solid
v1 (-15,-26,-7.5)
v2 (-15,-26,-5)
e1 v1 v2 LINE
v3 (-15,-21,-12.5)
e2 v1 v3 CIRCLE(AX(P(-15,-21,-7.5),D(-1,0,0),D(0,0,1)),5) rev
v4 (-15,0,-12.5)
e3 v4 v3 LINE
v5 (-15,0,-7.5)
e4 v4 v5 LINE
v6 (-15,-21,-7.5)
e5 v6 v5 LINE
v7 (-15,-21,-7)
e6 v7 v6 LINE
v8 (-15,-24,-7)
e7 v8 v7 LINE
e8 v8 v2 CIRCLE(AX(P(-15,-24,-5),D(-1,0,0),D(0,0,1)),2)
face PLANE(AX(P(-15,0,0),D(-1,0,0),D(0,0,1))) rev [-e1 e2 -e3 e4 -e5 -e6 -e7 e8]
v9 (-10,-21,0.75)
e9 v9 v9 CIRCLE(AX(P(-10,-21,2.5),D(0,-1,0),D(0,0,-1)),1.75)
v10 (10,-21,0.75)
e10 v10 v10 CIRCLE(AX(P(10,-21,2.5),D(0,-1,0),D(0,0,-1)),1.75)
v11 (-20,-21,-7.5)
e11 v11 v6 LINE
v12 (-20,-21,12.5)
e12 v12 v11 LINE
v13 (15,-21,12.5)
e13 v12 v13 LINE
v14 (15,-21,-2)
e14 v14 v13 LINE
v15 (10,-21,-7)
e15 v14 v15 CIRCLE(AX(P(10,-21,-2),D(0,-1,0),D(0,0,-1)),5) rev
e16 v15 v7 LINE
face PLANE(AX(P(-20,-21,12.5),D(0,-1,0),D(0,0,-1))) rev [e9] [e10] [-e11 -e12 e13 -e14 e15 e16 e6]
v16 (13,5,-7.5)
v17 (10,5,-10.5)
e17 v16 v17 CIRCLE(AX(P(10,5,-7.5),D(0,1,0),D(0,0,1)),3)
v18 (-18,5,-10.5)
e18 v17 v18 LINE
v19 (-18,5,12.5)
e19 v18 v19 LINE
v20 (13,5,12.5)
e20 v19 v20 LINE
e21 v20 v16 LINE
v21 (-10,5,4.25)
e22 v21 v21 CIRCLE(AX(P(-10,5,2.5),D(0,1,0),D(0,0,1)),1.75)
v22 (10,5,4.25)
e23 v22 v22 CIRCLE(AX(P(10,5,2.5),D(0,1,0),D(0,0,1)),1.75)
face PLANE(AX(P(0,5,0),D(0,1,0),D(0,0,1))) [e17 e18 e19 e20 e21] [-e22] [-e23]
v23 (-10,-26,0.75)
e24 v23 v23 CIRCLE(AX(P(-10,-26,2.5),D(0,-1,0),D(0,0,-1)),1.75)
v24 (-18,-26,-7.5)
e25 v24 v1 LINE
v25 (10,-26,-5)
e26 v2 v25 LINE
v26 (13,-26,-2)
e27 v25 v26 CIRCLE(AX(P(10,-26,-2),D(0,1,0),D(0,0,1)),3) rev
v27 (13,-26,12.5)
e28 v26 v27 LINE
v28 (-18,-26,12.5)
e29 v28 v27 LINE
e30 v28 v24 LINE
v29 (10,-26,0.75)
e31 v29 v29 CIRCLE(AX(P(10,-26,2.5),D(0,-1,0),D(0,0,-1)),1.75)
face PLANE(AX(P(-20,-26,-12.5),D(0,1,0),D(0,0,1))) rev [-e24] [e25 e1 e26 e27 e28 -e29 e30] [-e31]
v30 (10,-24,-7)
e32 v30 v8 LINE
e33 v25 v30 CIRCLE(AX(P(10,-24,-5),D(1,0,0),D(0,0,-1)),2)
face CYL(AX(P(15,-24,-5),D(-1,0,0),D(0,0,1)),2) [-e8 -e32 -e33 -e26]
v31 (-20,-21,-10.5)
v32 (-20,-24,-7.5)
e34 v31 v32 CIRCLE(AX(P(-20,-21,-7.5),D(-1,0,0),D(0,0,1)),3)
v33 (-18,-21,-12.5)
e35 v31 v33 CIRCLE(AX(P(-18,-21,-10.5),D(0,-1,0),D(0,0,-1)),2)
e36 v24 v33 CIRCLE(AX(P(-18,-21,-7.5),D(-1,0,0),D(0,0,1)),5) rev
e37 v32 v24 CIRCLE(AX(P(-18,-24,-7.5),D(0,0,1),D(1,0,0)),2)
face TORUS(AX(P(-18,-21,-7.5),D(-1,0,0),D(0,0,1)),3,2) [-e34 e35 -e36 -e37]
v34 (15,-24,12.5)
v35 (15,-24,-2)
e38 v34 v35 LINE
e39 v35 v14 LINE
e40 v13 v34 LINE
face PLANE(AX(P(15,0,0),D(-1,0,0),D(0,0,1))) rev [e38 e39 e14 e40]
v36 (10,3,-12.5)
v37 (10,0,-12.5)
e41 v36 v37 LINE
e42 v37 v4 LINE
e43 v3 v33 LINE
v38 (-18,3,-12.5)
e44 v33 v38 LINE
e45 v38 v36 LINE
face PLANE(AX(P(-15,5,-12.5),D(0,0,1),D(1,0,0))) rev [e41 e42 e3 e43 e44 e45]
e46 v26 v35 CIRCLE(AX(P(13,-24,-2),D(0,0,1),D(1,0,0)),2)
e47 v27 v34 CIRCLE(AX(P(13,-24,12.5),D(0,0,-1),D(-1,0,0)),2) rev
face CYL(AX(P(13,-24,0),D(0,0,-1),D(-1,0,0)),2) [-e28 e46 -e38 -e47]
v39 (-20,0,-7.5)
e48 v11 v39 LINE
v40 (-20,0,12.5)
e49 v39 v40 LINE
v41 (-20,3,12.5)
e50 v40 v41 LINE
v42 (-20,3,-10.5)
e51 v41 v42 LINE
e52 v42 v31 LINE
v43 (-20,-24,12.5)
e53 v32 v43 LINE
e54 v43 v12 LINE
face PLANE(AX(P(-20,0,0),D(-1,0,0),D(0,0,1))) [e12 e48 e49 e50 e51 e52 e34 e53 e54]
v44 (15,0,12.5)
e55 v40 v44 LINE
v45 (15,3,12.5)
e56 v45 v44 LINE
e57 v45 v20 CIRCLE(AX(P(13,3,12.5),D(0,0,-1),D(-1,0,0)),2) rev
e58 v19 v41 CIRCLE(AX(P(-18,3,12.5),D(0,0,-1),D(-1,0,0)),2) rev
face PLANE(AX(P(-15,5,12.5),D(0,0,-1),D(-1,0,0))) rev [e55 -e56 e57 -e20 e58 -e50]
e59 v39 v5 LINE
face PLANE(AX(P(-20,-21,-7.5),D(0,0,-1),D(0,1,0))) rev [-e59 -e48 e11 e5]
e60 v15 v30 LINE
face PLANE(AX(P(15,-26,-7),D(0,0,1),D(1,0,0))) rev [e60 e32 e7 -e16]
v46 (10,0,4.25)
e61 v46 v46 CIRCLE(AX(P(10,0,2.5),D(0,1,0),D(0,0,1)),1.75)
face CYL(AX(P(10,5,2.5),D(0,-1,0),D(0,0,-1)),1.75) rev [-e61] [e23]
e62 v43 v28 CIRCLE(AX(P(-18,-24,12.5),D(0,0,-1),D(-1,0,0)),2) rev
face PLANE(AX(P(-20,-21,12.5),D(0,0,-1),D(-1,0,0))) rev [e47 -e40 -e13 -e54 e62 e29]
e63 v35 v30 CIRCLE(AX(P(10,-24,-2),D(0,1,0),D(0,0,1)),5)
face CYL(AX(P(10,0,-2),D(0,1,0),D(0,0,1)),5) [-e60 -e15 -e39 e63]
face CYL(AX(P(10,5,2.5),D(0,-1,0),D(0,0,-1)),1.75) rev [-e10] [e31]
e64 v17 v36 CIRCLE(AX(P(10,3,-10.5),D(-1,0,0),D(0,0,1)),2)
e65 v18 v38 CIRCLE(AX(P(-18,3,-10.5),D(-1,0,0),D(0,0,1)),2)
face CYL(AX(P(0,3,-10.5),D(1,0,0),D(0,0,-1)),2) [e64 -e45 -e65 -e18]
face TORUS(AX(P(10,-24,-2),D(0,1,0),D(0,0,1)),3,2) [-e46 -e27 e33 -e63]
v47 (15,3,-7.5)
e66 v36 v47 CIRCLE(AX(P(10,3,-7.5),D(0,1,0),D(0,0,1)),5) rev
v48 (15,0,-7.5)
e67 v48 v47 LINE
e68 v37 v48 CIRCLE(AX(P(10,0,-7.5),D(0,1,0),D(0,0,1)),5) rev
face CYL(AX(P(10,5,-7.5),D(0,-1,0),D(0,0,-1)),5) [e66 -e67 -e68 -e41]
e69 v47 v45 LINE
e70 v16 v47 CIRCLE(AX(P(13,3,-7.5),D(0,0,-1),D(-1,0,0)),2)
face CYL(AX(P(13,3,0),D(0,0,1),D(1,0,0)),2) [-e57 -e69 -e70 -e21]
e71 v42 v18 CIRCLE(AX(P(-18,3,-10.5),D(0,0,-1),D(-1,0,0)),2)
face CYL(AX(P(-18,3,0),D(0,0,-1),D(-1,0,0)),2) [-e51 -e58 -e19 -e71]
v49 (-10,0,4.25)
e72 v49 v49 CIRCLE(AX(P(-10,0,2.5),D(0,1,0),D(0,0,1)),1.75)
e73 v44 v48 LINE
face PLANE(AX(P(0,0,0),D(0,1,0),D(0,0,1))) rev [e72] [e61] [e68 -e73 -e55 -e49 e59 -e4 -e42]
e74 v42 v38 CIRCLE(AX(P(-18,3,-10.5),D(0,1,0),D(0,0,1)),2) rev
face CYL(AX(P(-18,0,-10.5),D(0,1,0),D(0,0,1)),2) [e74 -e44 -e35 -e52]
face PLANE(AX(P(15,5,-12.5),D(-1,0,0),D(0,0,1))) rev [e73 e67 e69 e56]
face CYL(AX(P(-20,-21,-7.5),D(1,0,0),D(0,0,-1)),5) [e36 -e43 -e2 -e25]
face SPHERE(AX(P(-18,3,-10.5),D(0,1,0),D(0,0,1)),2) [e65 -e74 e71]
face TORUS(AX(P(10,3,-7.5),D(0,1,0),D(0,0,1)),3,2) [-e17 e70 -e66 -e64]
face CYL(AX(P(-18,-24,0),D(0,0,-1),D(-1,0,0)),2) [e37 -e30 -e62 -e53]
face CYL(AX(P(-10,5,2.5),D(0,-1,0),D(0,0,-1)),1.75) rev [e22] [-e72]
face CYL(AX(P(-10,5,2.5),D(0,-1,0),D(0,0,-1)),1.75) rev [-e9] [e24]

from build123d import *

# Parameters (mm, degrees)
SKETCH1_W           = 30
SKETCH1_H           = 25
SKETCH1_R           = 1.75
BOSS_EXTRUDE1_DEPTH = 5
BOSS_EXTRUDE2_DEPTH = 5
SKETCH3_W           = 19.5
SKETCH3_H           = 5
BOSS_EXTRUDE3_DEPTH = 30
SKETCH4_R           = 1.75
CUT_EXTRUDE1_DEPTH  = 32
FILLET1_R           = 5
FILLET2_R           = 2


with BuildPart() as part:
    # Sketch1 → Boss-Extrude1 (new body)
    with BuildSketch(Plane(origin=(0, 0, 0), x_dir=(1, 0, 0), z_dir=(0, 1, 0))):
        Rectangle(SKETCH1_W, SKETCH1_H)
        with Locations((-10, -2.5)):
            Circle(SKETCH1_R, mode=Mode.SUBTRACT)
        with Locations((10, -2.5)):
            Circle(SKETCH1_R, mode=Mode.SUBTRACT)
    extrude(amount=BOSS_EXTRUDE1_DEPTH)

    # Sketch2 → Boss-Extrude2 (add)
    with BuildSketch(Plane.ZY.offset(15)):
        Polygon((-12.5, 5), (12.5, 5), (12.5, 0), (-7.5, 0), (-7.5, -21), (12.5, -21), (12.5, -26), (-12.5, -26), align=None)
    extrude(amount=BOSS_EXTRUDE2_DEPTH)

    # Sketch3 → Boss-Extrude3 (add)
    with BuildSketch(Plane(origin=(-15, 0, 0), x_dir=(0, 0, -1), z_dir=(1, 0, 0))):
        with Locations((-2.75, -23.5)):
            Rectangle(SKETCH3_W, SKETCH3_H)
    extrude(amount=BOSS_EXTRUDE3_DEPTH)

    # Sketch4 → Cut-Extrude1 (cut, through all)
    with BuildSketch(Plane.XZ.offset(26)):
        with Locations((-10, 2.5)):
            Circle(SKETCH4_R)
        with Locations((10, 2.5)):
            Circle(SKETCH4_R)
    extrude(amount=-CUT_EXTRUDE1_DEPTH, mode=Mode.SUBTRACT)

    # Fillet1
    fillet1_edges = [part.edges().sort_by_distance(p)[0] for p in [
        (-17.5, -26, -12.5),
        (15, -23.5, -7),
        (15, 2.5, -12.5),
    ]]
    fillet(fillet1_edges, radius=FILLET1_R)

    # Fillet2
    fillet2_edges = [part.edges().sort_by_distance(p)[0] for p in [
        (-20, -8, -12.5),
        (-20, 5, 0),
        (15, -26, 5.25),
        (15, 5, 2.5),
        (-2.5, -26, -7),
        (-20, -26, 2.5),
        (13.535533906, -26, -5.535533906),
        (-5, 5, -12.5),
        (-20, -24.535533906, -11.035533906),
        (13.535533906, 5, -11.035533906),
    ]]
    fillet(fillet2_edges, radius=FILLET2_R)


solid = part.part
